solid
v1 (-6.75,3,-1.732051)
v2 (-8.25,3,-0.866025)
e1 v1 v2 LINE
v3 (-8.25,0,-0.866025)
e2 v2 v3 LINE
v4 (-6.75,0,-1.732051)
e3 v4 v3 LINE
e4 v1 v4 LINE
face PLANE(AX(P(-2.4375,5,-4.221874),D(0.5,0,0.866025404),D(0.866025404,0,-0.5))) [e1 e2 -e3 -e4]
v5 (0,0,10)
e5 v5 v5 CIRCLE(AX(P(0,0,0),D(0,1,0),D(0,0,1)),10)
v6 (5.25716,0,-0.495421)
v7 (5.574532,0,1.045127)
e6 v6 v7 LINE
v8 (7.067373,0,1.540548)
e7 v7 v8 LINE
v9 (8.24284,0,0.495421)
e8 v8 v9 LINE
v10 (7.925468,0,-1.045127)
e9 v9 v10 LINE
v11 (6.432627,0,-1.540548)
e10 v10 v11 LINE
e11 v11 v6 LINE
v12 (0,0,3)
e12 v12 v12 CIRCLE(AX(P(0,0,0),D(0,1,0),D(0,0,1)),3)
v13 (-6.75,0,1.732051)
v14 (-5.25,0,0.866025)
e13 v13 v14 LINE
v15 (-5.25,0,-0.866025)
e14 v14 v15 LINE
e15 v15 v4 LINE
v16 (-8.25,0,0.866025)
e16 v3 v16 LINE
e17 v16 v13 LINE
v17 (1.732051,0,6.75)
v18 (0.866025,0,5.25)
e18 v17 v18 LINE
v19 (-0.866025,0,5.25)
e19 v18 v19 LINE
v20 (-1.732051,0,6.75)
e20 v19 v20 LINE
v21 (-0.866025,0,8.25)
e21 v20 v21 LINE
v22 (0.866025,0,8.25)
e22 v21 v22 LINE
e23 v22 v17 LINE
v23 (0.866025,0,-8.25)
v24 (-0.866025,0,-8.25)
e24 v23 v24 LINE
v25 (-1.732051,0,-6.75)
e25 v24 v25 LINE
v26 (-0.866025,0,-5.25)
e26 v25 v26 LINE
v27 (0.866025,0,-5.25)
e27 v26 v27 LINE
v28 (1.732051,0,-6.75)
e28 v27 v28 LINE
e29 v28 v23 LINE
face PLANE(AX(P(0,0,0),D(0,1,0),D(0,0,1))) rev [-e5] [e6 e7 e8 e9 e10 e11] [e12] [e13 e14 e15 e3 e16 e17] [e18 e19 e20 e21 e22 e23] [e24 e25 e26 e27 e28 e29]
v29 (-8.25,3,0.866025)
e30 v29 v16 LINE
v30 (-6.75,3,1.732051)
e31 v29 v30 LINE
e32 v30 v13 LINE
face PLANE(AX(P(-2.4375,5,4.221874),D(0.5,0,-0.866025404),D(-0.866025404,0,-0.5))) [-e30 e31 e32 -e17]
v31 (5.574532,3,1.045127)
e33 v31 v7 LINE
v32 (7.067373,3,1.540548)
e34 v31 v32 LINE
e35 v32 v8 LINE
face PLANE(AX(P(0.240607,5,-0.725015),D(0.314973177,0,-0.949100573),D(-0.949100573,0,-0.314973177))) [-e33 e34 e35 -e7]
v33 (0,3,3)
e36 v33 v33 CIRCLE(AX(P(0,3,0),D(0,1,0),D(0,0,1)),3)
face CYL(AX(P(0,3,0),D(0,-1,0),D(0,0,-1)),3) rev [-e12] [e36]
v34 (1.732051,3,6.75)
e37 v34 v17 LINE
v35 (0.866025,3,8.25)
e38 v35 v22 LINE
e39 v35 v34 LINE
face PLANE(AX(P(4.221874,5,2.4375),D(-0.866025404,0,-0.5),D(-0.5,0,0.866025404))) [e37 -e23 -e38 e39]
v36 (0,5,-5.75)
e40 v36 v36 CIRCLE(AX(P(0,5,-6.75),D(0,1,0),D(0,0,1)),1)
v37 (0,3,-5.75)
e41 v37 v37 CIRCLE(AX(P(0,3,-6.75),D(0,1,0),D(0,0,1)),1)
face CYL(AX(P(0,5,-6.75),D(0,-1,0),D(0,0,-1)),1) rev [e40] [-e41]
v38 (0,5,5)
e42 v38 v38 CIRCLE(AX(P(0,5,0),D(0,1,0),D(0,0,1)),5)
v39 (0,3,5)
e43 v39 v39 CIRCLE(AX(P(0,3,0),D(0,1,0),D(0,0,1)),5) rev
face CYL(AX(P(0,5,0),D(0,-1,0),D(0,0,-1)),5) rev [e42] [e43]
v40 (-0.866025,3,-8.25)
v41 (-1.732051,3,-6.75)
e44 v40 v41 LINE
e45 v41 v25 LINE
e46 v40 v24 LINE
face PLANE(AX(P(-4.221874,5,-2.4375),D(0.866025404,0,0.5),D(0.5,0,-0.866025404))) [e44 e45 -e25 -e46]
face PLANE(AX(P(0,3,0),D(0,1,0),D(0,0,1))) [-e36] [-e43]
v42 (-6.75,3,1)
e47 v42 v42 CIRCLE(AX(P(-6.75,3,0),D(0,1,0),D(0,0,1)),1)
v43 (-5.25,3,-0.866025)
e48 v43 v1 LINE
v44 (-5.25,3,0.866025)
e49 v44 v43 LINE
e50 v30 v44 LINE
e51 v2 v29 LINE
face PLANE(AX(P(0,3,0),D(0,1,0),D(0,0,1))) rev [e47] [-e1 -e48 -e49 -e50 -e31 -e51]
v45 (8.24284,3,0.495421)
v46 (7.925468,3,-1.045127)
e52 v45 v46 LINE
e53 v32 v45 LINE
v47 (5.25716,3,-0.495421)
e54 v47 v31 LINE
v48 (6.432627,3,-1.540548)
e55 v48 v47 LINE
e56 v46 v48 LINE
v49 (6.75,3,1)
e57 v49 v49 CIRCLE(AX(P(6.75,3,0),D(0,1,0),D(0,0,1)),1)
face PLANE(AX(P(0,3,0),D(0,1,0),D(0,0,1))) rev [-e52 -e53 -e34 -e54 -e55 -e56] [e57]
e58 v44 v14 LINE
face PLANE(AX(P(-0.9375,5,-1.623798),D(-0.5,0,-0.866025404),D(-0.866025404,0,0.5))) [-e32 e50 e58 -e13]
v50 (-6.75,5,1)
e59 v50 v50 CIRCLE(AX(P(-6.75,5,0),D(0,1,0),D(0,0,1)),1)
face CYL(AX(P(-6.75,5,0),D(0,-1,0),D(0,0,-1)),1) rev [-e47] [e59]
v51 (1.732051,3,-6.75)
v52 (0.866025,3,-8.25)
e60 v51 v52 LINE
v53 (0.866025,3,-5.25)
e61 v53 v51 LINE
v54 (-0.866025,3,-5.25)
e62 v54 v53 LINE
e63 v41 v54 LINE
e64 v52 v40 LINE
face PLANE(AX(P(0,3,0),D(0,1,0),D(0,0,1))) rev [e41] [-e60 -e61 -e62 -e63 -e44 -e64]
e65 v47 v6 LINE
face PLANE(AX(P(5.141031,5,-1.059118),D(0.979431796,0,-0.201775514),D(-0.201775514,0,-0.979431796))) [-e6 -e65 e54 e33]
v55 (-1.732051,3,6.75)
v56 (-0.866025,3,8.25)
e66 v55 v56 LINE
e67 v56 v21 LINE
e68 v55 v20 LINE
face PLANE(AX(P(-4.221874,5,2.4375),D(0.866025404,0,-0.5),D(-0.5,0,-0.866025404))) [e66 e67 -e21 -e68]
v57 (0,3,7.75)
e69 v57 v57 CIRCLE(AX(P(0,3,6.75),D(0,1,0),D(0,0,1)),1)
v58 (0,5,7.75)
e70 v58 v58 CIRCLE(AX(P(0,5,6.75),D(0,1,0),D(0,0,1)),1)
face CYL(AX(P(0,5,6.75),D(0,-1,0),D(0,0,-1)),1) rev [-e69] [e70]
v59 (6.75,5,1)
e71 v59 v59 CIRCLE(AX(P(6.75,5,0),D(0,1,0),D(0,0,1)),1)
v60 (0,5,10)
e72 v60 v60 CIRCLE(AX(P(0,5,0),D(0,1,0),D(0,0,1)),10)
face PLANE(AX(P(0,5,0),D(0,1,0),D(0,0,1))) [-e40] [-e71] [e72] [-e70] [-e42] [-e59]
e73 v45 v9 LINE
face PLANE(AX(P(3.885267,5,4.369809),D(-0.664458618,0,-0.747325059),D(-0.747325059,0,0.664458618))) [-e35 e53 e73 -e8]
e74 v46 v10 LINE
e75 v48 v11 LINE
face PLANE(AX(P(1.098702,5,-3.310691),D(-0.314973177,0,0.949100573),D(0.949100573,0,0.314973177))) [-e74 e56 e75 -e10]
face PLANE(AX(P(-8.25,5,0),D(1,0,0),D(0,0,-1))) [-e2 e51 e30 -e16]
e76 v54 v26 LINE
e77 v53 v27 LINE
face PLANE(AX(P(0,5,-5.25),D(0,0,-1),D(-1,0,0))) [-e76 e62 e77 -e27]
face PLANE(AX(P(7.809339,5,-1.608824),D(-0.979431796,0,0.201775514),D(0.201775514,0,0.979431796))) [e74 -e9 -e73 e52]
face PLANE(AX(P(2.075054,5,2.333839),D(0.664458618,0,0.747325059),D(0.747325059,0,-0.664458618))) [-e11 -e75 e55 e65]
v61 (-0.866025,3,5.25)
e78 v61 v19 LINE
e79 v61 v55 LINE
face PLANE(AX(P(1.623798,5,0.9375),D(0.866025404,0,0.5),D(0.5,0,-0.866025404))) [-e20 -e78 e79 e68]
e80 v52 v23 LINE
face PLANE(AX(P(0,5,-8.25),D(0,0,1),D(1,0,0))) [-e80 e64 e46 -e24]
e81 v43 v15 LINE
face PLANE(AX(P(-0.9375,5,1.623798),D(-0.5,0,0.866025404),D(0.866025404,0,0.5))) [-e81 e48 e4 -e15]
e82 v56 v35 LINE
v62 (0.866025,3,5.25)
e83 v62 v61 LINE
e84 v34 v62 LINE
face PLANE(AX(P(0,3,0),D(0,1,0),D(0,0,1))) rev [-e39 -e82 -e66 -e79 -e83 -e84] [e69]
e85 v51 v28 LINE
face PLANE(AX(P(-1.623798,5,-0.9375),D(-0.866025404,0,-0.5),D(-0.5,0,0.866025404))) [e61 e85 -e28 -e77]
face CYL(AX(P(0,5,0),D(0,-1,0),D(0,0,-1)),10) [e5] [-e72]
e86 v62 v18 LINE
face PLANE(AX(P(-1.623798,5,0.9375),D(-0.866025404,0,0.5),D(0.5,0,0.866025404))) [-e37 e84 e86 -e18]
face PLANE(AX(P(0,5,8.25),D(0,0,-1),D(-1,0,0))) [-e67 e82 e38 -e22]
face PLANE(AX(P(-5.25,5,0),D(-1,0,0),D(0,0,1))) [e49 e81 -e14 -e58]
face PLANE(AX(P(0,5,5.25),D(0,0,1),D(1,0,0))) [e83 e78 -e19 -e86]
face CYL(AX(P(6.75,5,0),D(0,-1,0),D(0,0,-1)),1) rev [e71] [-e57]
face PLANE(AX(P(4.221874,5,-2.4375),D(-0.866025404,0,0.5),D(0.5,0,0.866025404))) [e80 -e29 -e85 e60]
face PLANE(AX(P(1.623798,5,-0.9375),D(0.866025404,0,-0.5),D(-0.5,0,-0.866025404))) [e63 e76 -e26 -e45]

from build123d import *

# Parameters (mm, degrees)
SKETCH1_R           = 5
SKETCH1_R_2         = 3
BOSS_EXTRUDE1_DEPTH = 3
SKETCH1_3_R         = 10
SKETCH1_3_R_2       = 5
BOSS_EXTRUDE2_DEPTH = 5
BOSS_EXTRUDE3_START = 3
SKETCH1_4_R         = 1
BOSS_EXTRUDE3_DEPTH = 2


with BuildPart() as part:
    # Sketch1 → Boss-Extrude1 (new body)
    with BuildSketch(Plane(origin=(0, 0, 0), x_dir=(1, 0, 0), z_dir=(0, 1, 0))):
        Circle(SKETCH1_R)
        Circle(SKETCH1_R_2, mode=Mode.SUBTRACT)
    extrude(amount=BOSS_EXTRUDE1_DEPTH)

    # Sketch1<3> → Boss-Extrude2 (add)
    with BuildSketch(Plane(origin=(0, 0, 0), x_dir=(1, 0, 0), z_dir=(0, 1, 0))):
        Circle(SKETCH1_3_R)
        Polygon((0.866025404, -5.25), (1.732050808, -6.75), (0.866025404, -8.25), (-0.866025404, -8.25), (-1.732050808, -6.75), (-0.866025404, -5.25), align=None, mode=Mode.SUBTRACT)
        Polygon((-5.25, -0.866025404), (-6.75, -1.732050808), (-8.25, -0.866025404), (-8.25, 0.866025404), (-6.75, 1.732050808), (-5.25, 0.866025404), align=None, mode=Mode.SUBTRACT)
        Circle(SKETCH1_3_R_2, mode=Mode.SUBTRACT)
        Polygon((7.92546773, 1.045127089), (8.242840474, -0.495421371), (7.067372744, -1.54054846), (5.57453227, -1.045127089), (5.257159526, 0.495421371), (6.432627256, 1.54054846), align=None, mode=Mode.SUBTRACT)
        Polygon((0.866025404, 8.25), (1.732050808, 6.75), (0.866025404, 5.25), (-0.866025404, 5.25), (-1.732050808, 6.75), (-0.866025404, 8.25), align=None, mode=Mode.SUBTRACT)
    extrude(amount=BOSS_EXTRUDE2_DEPTH)

    # Sketch1<4> → Boss-Extrude3 (add)
    # profile 1 of 4: a face of its own
    with BuildSketch(Plane(origin=(0, 0, 0), x_dir=(1, 0, 0), z_dir=(0, 1, 0)).offset(BOSS_EXTRUDE3_START)):
        Polygon((-8.25, -0.866025404), (-6.75, -1.732050808), (-5.25, -0.866025404), (-5.25, 0.866025404), (-6.75, 1.732050808), (-8.25, 0.866025404), align=None)
        with Locations((-6.75, 0)):
            Circle(SKETCH1_4_R, mode=Mode.SUBTRACT)
    # profile 2 of 4: a face of its own
    with BuildSketch(Plane(origin=(0, 0, 0), x_dir=(1, 0, 0), z_dir=(0, 1, 0)).offset(BOSS_EXTRUDE3_START)):
        Polygon((0.866025404, 5.25), (1.732050808, 6.75), (0.866025404, 8.25), (-0.866025404, 8.25), (-1.732050808, 6.75), (-0.866025404, 5.25), align=None)
        with Locations((0, 6.75)):
            Circle(SKETCH1_4_R, mode=Mode.SUBTRACT)
    # profile 3 of 4: a face of its own
    with BuildSketch(Plane(origin=(0, 0, 0), x_dir=(1, 0, 0), z_dir=(0, 1, 0)).offset(BOSS_EXTRUDE3_START)):
        Polygon((7.067372744, -1.54054846), (8.242840474, -0.495421371), (7.92546773, 1.045127089), (6.432627256, 1.54054846), (5.257159526, 0.495421371), (5.57453227, -1.045127089), align=None)
        with Locations((6.75, 0)):
            Circle(SKETCH1_4_R, mode=Mode.SUBTRACT)
    # profile 4 of 4: a face of its own
    with BuildSketch(Plane(origin=(0, 0, 0), x_dir=(1, 0, 0), z_dir=(0, 1, 0)).offset(BOSS_EXTRUDE3_START)):
        Polygon((0.866025404, -8.25), (1.732050808, -6.75), (0.866025404, -5.25), (-0.866025404, -5.25), (-1.732050808, -6.75), (-0.866025404, -8.25), align=None)
        with Locations((0, -6.75)):
            Circle(SKETCH1_4_R, mode=Mode.SUBTRACT)
    extrude(amount=BOSS_EXTRUDE3_DEPTH)


solid = part.part
